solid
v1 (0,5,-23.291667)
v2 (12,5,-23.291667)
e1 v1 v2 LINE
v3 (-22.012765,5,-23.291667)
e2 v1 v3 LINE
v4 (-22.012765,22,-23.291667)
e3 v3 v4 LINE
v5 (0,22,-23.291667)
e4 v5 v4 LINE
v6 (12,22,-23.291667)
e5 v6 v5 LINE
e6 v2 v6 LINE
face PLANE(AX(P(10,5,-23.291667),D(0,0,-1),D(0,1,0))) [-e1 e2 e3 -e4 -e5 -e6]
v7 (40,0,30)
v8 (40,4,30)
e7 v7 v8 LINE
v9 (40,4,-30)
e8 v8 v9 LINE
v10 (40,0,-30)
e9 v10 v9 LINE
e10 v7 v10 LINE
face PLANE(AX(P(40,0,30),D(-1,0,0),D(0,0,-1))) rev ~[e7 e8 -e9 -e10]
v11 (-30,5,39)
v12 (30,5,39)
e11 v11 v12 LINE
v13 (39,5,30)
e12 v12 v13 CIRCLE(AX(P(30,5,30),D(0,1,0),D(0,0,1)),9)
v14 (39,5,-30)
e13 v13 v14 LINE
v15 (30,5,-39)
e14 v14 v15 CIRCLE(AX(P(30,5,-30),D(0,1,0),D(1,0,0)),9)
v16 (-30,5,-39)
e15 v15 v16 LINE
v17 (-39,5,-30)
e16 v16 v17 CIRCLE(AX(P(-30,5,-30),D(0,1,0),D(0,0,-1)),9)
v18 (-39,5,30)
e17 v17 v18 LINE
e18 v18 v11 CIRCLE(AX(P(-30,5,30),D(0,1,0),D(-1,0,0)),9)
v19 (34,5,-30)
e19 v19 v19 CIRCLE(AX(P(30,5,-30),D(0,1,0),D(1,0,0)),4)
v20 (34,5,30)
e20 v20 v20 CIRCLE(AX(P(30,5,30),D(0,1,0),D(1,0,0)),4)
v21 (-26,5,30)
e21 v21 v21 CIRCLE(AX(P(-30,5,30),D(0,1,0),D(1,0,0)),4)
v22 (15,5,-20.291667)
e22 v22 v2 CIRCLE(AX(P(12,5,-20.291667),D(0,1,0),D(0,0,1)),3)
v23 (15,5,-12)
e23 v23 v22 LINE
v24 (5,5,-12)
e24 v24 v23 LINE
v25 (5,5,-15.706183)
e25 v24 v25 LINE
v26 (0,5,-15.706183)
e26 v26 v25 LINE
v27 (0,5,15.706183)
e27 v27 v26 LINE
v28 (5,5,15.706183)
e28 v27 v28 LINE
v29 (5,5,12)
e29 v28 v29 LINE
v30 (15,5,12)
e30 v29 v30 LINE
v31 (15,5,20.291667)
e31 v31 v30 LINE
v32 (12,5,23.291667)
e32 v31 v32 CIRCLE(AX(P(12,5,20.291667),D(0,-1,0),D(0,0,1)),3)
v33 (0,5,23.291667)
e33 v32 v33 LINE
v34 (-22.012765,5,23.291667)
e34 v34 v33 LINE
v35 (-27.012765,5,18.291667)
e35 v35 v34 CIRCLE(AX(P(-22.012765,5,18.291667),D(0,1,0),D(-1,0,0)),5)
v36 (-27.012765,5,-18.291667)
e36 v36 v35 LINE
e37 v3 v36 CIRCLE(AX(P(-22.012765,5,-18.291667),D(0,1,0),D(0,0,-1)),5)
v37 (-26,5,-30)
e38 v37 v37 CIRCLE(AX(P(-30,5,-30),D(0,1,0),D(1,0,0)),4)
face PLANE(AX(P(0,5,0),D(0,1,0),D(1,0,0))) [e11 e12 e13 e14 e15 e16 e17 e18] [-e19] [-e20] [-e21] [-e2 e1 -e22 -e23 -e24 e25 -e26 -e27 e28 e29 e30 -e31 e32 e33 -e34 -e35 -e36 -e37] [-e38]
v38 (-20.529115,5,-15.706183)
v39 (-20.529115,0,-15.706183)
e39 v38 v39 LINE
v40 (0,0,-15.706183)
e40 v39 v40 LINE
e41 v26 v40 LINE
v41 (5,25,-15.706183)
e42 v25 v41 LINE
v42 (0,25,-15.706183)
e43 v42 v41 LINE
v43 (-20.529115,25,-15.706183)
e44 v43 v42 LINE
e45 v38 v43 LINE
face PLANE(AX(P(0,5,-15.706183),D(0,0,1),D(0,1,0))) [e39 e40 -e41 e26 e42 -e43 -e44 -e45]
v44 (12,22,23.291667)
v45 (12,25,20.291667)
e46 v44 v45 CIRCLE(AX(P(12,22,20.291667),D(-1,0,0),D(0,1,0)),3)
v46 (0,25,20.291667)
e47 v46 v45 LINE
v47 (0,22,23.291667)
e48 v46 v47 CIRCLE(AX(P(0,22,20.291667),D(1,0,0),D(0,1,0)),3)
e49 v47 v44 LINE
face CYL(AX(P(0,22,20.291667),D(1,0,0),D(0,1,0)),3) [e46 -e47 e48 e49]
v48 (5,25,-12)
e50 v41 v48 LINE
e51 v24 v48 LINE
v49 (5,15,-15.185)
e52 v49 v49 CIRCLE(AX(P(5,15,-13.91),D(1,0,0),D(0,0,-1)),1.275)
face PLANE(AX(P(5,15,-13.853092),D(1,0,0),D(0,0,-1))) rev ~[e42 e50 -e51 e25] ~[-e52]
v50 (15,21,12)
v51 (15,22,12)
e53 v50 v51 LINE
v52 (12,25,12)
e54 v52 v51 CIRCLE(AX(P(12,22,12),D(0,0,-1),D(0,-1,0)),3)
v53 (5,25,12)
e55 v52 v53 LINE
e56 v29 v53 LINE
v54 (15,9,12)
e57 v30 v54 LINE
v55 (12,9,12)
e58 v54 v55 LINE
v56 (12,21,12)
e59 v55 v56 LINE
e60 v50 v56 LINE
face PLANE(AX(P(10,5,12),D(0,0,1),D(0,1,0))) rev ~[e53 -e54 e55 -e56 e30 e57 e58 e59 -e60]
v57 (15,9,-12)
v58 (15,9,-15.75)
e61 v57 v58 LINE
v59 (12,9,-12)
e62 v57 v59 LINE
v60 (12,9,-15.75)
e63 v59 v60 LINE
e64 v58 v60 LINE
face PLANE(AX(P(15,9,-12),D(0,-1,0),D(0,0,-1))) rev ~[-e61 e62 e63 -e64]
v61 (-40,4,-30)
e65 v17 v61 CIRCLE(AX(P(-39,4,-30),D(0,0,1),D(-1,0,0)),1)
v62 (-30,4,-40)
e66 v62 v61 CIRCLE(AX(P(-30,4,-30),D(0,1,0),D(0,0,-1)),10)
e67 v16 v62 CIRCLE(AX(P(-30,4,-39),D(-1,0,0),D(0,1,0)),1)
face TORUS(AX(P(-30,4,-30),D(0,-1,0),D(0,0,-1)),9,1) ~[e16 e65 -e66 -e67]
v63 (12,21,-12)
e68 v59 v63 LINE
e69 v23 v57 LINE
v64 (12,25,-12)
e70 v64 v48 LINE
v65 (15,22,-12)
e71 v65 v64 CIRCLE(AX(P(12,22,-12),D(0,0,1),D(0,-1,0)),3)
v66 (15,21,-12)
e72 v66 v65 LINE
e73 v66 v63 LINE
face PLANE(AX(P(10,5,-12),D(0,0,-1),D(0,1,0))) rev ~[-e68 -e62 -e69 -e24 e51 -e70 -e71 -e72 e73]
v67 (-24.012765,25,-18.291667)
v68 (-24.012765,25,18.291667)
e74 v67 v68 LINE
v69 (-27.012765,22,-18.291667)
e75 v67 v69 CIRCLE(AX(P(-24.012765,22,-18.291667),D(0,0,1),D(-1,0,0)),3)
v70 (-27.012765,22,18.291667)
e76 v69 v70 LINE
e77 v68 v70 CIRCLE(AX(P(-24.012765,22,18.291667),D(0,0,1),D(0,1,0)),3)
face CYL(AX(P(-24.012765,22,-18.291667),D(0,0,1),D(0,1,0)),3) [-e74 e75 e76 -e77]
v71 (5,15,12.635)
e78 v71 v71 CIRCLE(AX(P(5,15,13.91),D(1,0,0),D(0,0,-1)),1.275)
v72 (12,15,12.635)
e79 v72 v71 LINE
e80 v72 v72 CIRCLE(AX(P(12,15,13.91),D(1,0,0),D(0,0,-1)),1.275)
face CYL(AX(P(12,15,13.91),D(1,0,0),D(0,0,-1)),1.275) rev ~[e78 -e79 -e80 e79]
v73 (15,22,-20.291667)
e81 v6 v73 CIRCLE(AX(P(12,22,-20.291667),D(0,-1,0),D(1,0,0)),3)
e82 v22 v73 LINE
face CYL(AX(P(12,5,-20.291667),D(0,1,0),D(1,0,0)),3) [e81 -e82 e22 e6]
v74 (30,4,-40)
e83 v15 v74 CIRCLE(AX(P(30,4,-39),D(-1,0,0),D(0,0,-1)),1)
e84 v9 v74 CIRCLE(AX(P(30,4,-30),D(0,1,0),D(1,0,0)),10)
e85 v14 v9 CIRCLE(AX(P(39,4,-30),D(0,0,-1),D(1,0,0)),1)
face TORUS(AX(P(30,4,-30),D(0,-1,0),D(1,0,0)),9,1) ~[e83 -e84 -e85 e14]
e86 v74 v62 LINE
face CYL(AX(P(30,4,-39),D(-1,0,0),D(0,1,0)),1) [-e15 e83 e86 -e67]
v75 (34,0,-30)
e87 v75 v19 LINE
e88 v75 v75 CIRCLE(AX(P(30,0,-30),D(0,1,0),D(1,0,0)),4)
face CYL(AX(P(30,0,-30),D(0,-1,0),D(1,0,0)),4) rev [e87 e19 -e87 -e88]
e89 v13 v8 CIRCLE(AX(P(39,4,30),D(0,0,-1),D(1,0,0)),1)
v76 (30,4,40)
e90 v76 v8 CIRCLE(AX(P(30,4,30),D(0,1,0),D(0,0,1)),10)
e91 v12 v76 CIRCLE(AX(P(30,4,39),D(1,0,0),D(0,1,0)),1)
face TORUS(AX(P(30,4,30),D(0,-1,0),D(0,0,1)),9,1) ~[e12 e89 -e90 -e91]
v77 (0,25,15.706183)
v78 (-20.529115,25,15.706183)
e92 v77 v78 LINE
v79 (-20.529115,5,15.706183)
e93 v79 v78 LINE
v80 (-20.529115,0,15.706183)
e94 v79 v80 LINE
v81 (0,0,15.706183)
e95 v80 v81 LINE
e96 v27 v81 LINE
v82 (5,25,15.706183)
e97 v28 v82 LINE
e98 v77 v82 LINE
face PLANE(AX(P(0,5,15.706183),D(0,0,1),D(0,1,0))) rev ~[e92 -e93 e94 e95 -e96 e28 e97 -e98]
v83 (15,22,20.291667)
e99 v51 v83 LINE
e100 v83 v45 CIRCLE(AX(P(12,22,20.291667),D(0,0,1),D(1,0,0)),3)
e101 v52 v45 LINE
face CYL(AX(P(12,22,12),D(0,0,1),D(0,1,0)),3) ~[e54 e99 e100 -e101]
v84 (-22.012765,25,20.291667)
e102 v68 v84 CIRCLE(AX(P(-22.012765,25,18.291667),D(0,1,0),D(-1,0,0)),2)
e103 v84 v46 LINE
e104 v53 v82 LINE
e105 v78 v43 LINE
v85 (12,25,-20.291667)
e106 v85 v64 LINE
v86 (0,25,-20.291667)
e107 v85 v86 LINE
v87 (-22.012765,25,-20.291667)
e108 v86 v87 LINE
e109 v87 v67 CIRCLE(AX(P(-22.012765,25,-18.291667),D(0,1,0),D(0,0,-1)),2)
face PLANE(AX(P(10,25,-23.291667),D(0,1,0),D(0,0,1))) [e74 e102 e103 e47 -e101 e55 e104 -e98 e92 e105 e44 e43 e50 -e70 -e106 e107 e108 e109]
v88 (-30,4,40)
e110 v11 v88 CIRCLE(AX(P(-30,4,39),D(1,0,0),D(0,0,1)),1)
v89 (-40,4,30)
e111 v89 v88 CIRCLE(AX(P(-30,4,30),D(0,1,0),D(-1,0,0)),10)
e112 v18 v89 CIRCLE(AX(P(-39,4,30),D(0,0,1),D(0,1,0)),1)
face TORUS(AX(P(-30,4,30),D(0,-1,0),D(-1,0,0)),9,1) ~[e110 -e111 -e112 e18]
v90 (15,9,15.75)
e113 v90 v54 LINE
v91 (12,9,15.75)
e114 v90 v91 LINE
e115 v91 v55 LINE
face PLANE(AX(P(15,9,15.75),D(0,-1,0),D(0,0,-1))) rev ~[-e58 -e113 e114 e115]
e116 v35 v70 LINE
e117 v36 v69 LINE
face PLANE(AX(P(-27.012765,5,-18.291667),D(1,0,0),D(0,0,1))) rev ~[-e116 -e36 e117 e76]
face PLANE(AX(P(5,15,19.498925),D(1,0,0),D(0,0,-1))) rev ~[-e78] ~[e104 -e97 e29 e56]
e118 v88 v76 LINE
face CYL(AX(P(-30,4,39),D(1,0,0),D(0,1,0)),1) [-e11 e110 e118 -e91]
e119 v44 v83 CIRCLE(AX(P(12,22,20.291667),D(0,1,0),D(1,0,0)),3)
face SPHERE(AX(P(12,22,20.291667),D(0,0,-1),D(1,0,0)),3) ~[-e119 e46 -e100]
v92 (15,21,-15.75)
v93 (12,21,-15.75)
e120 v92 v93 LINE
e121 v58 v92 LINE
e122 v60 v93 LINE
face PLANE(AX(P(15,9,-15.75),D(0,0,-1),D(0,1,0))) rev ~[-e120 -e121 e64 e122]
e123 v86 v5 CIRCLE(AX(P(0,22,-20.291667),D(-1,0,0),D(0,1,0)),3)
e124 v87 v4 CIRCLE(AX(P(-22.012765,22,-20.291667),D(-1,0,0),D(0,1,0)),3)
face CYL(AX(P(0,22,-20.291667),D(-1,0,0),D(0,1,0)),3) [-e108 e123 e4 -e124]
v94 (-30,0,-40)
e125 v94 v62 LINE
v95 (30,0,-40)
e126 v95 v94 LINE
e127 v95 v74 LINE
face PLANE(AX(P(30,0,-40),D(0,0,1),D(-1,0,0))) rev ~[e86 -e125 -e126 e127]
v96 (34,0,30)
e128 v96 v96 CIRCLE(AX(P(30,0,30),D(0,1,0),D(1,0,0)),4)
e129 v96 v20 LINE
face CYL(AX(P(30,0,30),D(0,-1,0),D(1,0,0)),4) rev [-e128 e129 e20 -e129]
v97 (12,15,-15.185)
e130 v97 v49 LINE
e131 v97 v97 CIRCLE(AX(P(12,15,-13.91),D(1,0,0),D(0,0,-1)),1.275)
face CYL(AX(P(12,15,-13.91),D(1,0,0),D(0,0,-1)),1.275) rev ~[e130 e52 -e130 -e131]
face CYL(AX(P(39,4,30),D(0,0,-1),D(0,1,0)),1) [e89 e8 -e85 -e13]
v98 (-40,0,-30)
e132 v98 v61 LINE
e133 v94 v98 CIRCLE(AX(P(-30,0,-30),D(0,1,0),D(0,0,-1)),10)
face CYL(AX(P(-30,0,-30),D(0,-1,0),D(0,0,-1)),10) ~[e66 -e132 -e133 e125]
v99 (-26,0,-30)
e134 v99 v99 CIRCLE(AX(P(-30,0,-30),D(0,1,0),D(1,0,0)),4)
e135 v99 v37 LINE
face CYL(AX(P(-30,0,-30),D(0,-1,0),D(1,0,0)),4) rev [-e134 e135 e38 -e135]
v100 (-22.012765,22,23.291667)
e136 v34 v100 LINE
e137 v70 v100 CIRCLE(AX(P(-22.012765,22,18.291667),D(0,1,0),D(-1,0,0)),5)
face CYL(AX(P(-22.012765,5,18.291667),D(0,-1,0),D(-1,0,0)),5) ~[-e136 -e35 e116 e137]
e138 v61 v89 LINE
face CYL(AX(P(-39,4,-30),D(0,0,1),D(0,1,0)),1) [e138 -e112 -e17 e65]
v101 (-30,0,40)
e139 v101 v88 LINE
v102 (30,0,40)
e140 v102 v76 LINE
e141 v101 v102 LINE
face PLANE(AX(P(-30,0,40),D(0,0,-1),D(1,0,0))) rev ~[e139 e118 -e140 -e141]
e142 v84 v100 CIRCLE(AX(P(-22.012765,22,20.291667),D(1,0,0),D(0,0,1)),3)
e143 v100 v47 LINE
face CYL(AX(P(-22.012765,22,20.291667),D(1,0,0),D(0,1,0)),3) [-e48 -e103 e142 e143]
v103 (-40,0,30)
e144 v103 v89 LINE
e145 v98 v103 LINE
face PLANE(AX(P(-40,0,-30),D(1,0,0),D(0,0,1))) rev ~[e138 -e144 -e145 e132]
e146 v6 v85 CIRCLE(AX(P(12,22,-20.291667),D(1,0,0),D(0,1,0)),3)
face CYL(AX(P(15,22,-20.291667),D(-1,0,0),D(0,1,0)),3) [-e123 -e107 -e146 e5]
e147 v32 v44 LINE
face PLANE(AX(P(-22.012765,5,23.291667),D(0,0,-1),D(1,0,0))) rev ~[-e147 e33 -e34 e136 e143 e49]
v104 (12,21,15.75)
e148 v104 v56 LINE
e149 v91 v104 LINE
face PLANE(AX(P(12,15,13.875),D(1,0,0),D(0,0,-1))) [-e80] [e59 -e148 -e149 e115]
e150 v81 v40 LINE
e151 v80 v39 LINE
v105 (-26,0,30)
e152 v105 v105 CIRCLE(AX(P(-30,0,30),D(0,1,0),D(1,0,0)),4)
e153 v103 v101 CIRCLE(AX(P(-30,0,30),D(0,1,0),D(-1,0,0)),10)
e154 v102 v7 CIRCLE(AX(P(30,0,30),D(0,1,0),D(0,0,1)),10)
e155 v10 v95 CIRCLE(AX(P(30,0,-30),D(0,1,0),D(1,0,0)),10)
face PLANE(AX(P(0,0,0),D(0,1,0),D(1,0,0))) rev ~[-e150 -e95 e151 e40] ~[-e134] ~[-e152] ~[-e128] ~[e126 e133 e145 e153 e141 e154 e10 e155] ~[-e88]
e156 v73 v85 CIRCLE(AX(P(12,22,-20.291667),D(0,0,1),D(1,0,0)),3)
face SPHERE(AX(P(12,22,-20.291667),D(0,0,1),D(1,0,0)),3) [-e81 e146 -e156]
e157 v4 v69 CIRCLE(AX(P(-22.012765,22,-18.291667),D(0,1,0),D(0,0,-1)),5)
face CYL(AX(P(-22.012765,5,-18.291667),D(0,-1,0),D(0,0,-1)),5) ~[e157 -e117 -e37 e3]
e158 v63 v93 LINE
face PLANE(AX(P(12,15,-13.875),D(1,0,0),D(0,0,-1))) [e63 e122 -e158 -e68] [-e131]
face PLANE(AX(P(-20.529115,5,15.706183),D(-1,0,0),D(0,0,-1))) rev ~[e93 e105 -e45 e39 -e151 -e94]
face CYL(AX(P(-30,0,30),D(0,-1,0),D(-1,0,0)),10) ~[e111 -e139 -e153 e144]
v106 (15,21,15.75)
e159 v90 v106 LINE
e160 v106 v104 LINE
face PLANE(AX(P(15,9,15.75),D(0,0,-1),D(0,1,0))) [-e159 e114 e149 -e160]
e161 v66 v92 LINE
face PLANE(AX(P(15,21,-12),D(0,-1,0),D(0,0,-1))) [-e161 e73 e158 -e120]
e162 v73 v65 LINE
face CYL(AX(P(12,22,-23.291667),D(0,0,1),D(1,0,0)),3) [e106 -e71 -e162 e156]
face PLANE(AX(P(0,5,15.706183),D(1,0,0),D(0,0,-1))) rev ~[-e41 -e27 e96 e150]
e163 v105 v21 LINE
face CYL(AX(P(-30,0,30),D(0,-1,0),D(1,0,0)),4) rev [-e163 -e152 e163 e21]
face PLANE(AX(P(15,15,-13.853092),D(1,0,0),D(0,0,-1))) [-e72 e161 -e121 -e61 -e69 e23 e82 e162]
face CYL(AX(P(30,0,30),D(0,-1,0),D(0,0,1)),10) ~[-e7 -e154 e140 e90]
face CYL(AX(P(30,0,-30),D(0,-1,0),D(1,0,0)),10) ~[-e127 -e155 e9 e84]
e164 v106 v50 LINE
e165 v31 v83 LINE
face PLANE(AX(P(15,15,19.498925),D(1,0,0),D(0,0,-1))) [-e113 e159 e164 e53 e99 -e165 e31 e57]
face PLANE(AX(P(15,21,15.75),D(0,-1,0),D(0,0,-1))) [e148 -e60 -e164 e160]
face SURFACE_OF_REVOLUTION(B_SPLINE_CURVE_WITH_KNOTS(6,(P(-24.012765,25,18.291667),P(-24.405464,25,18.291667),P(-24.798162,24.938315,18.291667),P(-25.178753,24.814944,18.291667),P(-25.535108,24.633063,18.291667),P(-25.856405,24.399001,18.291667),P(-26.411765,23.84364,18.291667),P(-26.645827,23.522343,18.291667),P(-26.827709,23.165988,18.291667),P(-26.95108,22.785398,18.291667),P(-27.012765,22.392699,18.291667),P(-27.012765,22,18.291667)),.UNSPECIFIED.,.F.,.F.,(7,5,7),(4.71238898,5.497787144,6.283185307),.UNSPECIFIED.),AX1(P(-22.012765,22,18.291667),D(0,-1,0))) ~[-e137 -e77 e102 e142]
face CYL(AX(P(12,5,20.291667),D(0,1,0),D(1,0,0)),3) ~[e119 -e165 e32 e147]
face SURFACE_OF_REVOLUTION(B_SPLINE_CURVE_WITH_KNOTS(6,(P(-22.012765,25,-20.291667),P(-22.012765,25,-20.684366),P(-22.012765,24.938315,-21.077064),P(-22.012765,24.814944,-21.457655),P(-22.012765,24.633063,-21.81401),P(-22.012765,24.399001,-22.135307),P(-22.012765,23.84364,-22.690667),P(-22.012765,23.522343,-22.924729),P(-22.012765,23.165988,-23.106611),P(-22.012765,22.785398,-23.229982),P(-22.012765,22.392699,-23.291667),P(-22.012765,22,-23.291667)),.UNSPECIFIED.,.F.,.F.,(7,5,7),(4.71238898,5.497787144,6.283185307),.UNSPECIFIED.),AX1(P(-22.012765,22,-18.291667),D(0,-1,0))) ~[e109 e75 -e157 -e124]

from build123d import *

# Parameters (mm, degrees)
SKETCH_1_R          = 4
EXTRUDE_1_DEPTH     = 5
SKETCH_2_W          = 20.529114817
SKETCH_2_H          = 31.412366712
CUT_EXTRUDE_1_DEPTH = 5
EXTRUDE_2_DEPTH     = 20
SKETCH_4_W          = 7.585483435
SKETCH_4_H          = 20
EXTRUDE_3_DEPTH     = 10
SKETCH_5_W          = 7.585483435
SKETCH_5_H          = 20
SKETCH_5_W_2        = 3.706183356
EXTRUDE_4_DEPTH     = 5
SKETCH_6_W          = 3.75
SKETCH_6_H          = 12
CUT_EXTRUDE_2_DEPTH = 3
CUT_EXTRUDE_3_REACH = 54
SKETCH_7_R          = 1.275
FILLET_1_R          = 3
FILLET_2_R          = 1


with BuildPart() as part:
    # 草图1 → 凸台-拉伸1 (new body)
    with BuildSketch(Plane(origin=(0, 0, 0), x_dir=(1, 0, 0), z_dir=(0, 1, 0))):
        with BuildLine():
            Line((30, 40), (-30, 40))
            ThreePointArc((-30, 40), (-37.071067812, 37.071067812), (-40, 30))
            Line((-40, 30), (-40, -30))
            ThreePointArc((-40, -30), (-37.071067812, -37.071067812), (-30, -40))
            Line((-30, -40), (30, -40))
            ThreePointArc((30, -40), (37.071067812, -37.071067812), (40, -30))
            Line((40, -30), (40, 30))
            ThreePointArc((40, 30), (37.071067812, 37.071067812), (30, 40))
        make_face()
        with Locations((-30, 30)):
            Circle(SKETCH_1_R, mode=Mode.SUBTRACT)
        with Locations((-30, -30)):
            Circle(SKETCH_1_R, mode=Mode.SUBTRACT)
        with Locations((30, -30)):
            Circle(SKETCH_1_R, mode=Mode.SUBTRACT)
        with Locations((30, 30)):
            Circle(SKETCH_1_R, mode=Mode.SUBTRACT)
    extrude(amount=EXTRUDE_1_DEPTH)

    # 草图2 → 切除-拉伸1 (cut)
    with BuildSketch(Plane(origin=(0, 5, 0), x_dir=(1, 0, 0), z_dir=(0, 1, 0))):
        with Locations((-10.264557408, 0)):
            Rectangle(SKETCH_2_W, SKETCH_2_H)
    extrude(amount=-CUT_EXTRUDE_1_DEPTH, mode=Mode.SUBTRACT)

    # 草图3 → 凸台-拉伸2 (add)
    with BuildSketch(Plane(origin=(0, 5, 0), x_dir=(1, 0, 0), z_dir=(0, 1, 0))):
        with BuildLine():
            Line((0, -15.706183356), (-20.529114817, -15.706183356))
            Line((-20.529114817, -15.706183356), (-20.529114817, 15.706183356))
            Line((-20.529114817, 15.706183356), (0, 15.706183356))
            Line((0, 15.706183356), (0, 23.291666791))
            Line((0, 23.291666791), (-22.012764878, 23.291666791))
            ThreePointArc((-22.012764878, 23.291666791), (-25.548298784, 21.827200697), (-27.012764878, 18.291666791))
            Line((-27.012764878, 18.291666791), (-27.012764878, -18.291666791))
            ThreePointArc((-27.012764878, -18.291666791), (-25.548298784, -21.827200697), (-22.012764878, -23.291666791))
            Line((-22.012764878, -23.291666791), (0, -23.291666791))
            Line((0, -23.291666791), (0, -15.706183356))
        make_face()
    extrude(amount=EXTRUDE_2_DEPTH)

    # 草图4 → 凸台-拉伸3 (add)
    with BuildSketch(Plane(origin=(0, 0, 0), x_dir=(0, 0, -1), z_dir=(1, 0, 0))):
        with Locations((19.498925074, 15)):
            Rectangle(SKETCH_4_W, SKETCH_4_H)
        with Locations((-19.498925074, 15)):
            Rectangle(SKETCH_4_W, SKETCH_4_H)
    extrude(amount=EXTRUDE_3_DEPTH)

    # 草图5 → 凸台-拉伸4 (add, symmetric)
    with BuildSketch(Plane(origin=(10, 0, 0), x_dir=(0, 0, -1), z_dir=(1, 0, 0))):
        with Locations((-19.498925074, 15)):
            Rectangle(SKETCH_5_W, SKETCH_5_H)
        with Locations((-13.853091678, 15)):
            Rectangle(SKETCH_5_W_2, SKETCH_5_H)
        with Locations((13.853091678, 15)):
            Rectangle(SKETCH_5_W_2, SKETCH_5_H)
        with Locations((19.498925074, 15)):
            Rectangle(SKETCH_5_W, SKETCH_5_H)
    extrude(amount=EXTRUDE_4_DEPTH, both=True)

    # 草图6 → 切除-拉伸2 (cut)
    with BuildSketch(Plane(origin=(15, 0, 0), x_dir=(0, 0, -1), z_dir=(1, 0, 0))):
        with Locations((-13.875, 15)):
            Rectangle(SKETCH_6_W, SKETCH_6_H)
        with Locations((13.875, 15)):
            Rectangle(SKETCH_6_W, SKETCH_6_H)
    extrude(amount=-CUT_EXTRUDE_2_DEPTH, mode=Mode.SUBTRACT)

    # 草图7 → 切除-拉伸3 (cut, up to next)
    with BuildSketch(Plane(origin=(12, 0, 0), x_dir=(0, 0, -1), z_dir=(1, 0, 0)), mode=Mode.PRIVATE) as cut_extrude_3_sk1:
        with Locations((-13.91, 15)):
            Circle(SKETCH_7_R)
    cut_extrude_3_tool1 = extrude(cut_extrude_3_sk1.sketch, amount=-CUT_EXTRUDE_3_REACH, mode=Mode.PRIVATE) & part.part
    add(cut_extrude_3_tool1.solids().sort_by_distance((12, 15, 13.91))[0], mode=Mode.SUBTRACT)
    # 草图7 → 切除-拉伸3 (cut, up to next)
    with BuildSketch(Plane(origin=(12, 0, 0), x_dir=(0, 0, -1), z_dir=(1, 0, 0)), mode=Mode.PRIVATE) as cut_extrude_3_sk2:
        with Locations((13.91, 15)):
            Circle(SKETCH_7_R)
    cut_extrude_3_tool2 = extrude(cut_extrude_3_sk2.sketch, amount=-CUT_EXTRUDE_3_REACH, mode=Mode.PRIVATE) & part.part
    add(cut_extrude_3_tool2.solids().sort_by_distance((12, 15, -13.91))[0], mode=Mode.SUBTRACT)

    # 圆角1
    fillet_1_edges = [part.edges().sort_by_distance(p)[0] for p in [
        (15, 25, 17.645833395),
        (15, 15, 23.291666791),
        (15, 25, -17.645833395),
        (15, 15, -23.291666791),
        (-27.012764878, 25, 0),
        (-25.548298784, 25, 21.827200697),
        (-3.506382439, 25, 23.291666791),
        (-3.506382439, 25, -23.291666791),
        (-25.548298784, 25, -21.827200697),
    ]]
    fillet(fillet_1_edges, radius=FILLET_1_R)

    # 圆角2
    fillet_2_edges = [part.edges().sort_by_distance(p)[0] for p in [
        (37.071067812, 5, -37.071067812),
        (0, 5, -40),
        (-37.071067812, 5, -37.071067812),
        (-40, 5, 0),
        (-37.071067812, 5, 37.071067812),
        (0, 5, 40),
        (37.071067812, 5, 37.071067812),
        (40, 5, 0),
    ]]
    fillet(fillet_2_edges, radius=FILLET_2_R)


solid = part.part
